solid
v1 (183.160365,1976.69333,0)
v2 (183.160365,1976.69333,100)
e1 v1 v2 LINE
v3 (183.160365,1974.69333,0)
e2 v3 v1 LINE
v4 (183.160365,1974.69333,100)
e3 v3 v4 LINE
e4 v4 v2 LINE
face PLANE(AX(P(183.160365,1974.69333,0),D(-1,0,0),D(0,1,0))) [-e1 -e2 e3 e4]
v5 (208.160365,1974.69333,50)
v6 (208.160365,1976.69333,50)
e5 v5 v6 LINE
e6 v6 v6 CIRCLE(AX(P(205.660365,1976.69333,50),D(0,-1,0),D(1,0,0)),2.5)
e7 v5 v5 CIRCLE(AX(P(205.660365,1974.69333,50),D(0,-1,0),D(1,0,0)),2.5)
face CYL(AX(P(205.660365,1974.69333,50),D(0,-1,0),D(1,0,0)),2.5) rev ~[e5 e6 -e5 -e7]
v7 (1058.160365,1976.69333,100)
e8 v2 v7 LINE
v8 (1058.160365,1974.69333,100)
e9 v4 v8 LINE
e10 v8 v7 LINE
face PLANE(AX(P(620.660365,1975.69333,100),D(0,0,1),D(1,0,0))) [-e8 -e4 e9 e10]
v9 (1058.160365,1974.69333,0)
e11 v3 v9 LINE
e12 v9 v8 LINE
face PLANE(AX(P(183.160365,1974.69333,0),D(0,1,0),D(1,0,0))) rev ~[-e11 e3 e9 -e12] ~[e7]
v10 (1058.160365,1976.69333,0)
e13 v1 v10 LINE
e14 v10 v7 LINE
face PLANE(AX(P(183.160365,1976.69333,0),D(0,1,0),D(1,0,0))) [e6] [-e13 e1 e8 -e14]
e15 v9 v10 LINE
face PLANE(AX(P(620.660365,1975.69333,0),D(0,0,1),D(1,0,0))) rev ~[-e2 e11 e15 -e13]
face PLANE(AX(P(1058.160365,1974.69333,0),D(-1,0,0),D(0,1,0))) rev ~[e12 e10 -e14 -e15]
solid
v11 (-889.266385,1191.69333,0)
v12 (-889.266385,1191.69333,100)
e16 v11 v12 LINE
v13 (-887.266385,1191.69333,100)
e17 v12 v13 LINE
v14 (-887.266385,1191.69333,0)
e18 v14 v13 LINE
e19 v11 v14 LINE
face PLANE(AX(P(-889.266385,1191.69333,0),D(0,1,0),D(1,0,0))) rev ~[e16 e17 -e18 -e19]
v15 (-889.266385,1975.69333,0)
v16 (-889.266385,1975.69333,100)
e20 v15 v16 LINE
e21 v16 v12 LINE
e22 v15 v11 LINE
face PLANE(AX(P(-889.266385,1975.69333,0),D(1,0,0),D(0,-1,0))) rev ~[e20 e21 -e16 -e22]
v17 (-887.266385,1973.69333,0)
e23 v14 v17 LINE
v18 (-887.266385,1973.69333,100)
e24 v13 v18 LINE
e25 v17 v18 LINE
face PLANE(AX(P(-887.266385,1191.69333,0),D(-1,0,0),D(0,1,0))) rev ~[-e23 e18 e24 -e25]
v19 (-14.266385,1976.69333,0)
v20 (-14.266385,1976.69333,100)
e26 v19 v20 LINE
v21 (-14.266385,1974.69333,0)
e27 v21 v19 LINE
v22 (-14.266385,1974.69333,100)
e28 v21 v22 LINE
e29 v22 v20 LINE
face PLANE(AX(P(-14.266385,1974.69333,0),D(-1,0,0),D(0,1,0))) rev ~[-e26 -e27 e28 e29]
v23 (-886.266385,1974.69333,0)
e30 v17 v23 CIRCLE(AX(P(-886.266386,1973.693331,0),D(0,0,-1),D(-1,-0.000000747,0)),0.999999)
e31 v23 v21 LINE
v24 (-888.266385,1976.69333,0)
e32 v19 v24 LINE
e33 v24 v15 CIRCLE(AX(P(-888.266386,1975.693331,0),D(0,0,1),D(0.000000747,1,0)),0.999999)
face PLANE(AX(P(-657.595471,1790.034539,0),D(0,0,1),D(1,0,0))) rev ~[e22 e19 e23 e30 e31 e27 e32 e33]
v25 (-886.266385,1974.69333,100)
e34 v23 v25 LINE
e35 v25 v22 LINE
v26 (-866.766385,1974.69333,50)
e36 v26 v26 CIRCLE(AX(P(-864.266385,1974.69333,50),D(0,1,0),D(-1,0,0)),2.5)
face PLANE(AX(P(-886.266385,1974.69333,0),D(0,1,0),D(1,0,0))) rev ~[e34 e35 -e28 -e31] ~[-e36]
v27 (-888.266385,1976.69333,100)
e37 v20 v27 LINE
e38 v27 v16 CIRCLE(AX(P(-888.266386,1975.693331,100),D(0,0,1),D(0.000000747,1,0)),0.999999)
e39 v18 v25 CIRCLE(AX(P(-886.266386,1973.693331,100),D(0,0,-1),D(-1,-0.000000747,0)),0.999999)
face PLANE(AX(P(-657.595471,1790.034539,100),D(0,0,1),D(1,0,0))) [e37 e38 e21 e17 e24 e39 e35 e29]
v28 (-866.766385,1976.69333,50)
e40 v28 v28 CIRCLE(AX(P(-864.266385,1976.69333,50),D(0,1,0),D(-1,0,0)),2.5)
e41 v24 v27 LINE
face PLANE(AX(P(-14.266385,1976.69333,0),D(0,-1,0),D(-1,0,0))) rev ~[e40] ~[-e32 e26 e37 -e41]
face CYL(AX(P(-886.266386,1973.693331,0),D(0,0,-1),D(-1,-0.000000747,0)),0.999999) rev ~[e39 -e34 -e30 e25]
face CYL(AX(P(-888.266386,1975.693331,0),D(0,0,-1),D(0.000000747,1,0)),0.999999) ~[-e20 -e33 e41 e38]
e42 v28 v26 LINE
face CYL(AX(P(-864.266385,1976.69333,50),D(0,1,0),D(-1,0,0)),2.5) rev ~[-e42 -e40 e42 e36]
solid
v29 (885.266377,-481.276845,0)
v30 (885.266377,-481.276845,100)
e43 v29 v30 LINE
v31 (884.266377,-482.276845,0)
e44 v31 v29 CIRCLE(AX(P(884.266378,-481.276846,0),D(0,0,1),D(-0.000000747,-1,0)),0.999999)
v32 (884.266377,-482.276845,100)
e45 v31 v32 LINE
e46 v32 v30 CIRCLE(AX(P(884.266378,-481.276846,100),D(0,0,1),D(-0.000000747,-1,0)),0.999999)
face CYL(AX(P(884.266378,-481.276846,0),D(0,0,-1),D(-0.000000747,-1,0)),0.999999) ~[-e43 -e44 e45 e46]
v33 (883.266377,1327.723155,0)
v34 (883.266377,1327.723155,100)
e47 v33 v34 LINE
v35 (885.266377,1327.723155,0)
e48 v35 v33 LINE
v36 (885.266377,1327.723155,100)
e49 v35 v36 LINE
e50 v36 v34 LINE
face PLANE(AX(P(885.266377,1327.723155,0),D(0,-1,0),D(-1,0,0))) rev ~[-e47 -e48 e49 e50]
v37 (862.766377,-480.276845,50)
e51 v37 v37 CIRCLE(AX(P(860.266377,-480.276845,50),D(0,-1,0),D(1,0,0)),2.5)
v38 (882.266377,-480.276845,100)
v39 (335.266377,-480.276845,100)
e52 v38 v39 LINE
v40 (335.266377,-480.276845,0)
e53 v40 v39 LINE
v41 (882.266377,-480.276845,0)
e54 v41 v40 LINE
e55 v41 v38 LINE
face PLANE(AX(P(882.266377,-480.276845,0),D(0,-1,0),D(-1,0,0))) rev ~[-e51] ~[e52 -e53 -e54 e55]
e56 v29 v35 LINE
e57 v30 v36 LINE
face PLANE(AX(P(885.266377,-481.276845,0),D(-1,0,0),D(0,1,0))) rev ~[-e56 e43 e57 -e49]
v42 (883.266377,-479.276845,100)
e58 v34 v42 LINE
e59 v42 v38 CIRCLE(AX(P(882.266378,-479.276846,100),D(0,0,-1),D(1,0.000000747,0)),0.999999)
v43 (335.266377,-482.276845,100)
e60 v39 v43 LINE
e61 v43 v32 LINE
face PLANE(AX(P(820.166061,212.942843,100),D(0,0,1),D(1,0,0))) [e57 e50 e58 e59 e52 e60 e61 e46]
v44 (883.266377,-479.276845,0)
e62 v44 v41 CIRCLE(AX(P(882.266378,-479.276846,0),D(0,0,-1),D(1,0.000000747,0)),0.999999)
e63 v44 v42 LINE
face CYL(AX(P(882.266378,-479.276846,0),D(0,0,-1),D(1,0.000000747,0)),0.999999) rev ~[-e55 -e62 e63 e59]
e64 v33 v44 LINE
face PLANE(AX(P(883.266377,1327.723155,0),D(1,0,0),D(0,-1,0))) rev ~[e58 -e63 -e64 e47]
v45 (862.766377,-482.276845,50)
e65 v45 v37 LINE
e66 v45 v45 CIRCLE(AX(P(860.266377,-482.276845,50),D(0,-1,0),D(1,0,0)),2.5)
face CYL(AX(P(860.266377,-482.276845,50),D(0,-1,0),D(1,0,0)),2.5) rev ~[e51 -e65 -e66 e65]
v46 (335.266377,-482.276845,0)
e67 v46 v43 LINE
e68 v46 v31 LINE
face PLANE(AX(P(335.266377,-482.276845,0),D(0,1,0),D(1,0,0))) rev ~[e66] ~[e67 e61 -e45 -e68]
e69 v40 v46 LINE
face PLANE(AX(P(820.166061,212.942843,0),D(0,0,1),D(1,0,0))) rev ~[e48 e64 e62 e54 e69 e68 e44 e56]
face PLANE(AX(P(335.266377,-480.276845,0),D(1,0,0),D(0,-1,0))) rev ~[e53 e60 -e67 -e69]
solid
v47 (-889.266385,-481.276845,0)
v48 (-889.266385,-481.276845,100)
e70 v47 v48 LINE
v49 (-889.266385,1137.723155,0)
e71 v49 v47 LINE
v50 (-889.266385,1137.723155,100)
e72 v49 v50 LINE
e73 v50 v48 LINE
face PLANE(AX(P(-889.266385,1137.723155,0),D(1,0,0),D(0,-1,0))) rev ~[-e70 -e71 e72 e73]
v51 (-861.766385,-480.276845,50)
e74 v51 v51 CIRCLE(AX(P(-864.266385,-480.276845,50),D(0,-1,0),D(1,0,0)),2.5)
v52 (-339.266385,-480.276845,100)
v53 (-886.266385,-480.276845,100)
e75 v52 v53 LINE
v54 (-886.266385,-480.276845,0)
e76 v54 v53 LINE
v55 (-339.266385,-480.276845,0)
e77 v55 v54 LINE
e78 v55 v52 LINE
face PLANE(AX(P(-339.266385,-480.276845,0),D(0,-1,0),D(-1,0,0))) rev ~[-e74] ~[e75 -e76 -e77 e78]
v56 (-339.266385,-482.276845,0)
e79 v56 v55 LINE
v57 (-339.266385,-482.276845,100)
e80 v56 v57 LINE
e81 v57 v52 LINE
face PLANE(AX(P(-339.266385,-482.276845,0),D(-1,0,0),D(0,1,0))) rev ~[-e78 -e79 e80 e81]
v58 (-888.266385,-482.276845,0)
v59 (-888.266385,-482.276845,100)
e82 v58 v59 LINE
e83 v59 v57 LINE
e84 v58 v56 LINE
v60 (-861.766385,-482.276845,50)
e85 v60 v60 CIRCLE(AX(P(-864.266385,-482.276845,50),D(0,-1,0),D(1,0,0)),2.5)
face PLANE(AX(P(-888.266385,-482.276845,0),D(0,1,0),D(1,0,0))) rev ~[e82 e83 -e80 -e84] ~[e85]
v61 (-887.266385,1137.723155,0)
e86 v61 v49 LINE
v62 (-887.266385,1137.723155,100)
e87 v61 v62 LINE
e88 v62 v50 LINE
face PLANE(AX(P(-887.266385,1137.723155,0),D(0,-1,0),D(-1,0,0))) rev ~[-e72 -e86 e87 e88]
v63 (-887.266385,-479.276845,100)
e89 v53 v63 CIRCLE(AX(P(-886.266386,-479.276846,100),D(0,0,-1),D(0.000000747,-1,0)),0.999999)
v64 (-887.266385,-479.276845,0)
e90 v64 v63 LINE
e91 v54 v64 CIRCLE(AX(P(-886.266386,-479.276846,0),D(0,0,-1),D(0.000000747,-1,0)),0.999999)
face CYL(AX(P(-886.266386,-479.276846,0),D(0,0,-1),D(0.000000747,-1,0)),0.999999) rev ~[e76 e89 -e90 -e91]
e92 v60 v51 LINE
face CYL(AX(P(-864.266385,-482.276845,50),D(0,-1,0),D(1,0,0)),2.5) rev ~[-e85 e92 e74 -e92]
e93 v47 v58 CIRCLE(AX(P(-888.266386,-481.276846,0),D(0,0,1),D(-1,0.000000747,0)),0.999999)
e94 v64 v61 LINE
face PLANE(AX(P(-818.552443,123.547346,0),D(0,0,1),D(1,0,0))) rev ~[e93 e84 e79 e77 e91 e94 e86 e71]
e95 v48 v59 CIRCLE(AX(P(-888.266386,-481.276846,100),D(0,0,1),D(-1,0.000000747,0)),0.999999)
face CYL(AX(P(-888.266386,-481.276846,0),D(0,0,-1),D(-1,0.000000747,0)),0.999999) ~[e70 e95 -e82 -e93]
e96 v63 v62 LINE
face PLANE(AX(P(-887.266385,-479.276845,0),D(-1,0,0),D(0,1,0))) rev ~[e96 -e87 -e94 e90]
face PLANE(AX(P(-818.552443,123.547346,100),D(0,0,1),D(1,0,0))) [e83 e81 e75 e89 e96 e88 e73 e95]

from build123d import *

# Parameters (mm, degrees)
F0_W     = 875
F0_H     = 2
F1_DEPTH = 100
F2_R     = 2.5
F3_DEPTH = 25
F4_R     = 2.5
F5_DEPTH = 25
F6_R     = 2.5
F7_DEPTH = 25
F8_R     = 2.5
F9_DEPTH = 25


with BuildPart() as f1:
    # F0 (on Top) → F1 (new body)
    with BuildSketch(Plane.XY):
        with BuildLine():
            Line((-339.266385, -482.276845), (-339.266385, -480.276845))
            Line((-339.266385, -480.276845), (-886.266385, -480.276845))
            ThreePointArc((-886.266385, -480.276845), (-886.973492, -479.983952), (-887.266385, -479.276845))
            Line((-887.266385, -479.276845), (-887.266385, 1137.723155))
            Line((-887.266385, 1137.723155), (-889.266385, 1137.723155))
            Line((-889.266385, 1137.723155), (-889.266385, -481.276845))
            ThreePointArc((-889.266385, -481.276845), (-888.973492, -481.983952), (-888.266385, -482.276845))
            Line((-888.266385, -482.276845), (-339.266385, -482.276845))
        make_face()
        with BuildLine():
            Line((882.266377, -480.276845), (335.266377, -480.276845))
            Line((335.266377, -480.276845), (335.266377, -482.276845))
            Line((335.266377, -482.276845), (884.266377, -482.276845))
            ThreePointArc((884.266377, -482.276845), (884.973484, -481.983952), (885.266377, -481.276845))
            Line((885.266377, -481.276845), (885.266377, 1327.723155))
            Line((885.266377, 1327.723155), (883.266377, 1327.723155))
            Line((883.266377, 1327.723155), (883.266377, -479.276845))
            ThreePointArc((883.266377, -479.276845), (882.973484, -479.983952), (882.266377, -480.276845))
        make_face()
        with BuildLine():
            Line((-889.266385, 1975.69333), (-889.266385, 1191.69333))
            Line((-889.266385, 1191.69333), (-887.266385, 1191.69333))
            Line((-887.266385, 1191.69333), (-887.266385, 1973.69333))
            ThreePointArc((-887.266385, 1973.69333), (-886.973492, 1974.400437), (-886.266385, 1974.69333))
            Line((-886.266385, 1974.69333), (-14.266385, 1974.69333))
            Line((-14.266385, 1974.69333), (-14.266385, 1976.69333))
            Line((-14.266385, 1976.69333), (-888.266385, 1976.69333))
            ThreePointArc((-888.266385, 1976.69333), (-888.973492, 1976.400437), (-889.266385, 1975.69333))
        make_face()
        with Locations((620.660365, 1975.69333)):
            Rectangle(F0_W, F0_H)
    extrude(amount=F1_DEPTH)

    # F2 (on face) → F3 (cut)
    with BuildSketch(Plane(origin=(0, 1976.69333, 0), x_dir=(-1, 0, 0), z_dir=(0, 1, 0))):
        with Locations((864.266385, 50)):
            Circle(F2_R)
    extrude(amount=-F3_DEPTH, mode=Mode.SUBTRACT)

    # F4 (on face) → F5 (cut)
    with BuildSketch(Plane.XZ.offset(482.276845)):
        with Locations((-864.266385, 50)):
            Circle(F4_R)
    extrude(amount=-F5_DEPTH, mode=Mode.SUBTRACT)

    # F6 (on face) → F7 (cut)
    with BuildSketch(Plane.XZ.offset(482.276845)):
        with Locations((860.266377, 50)):
            Circle(F6_R)
    extrude(amount=-F7_DEPTH, mode=Mode.SUBTRACT)

    # F8 (on face) → F9 (cut)
    with BuildSketch(Plane.XZ.offset(-1974.69333)):
        with Locations((205.660365, 50)):
            Circle(F8_R)
    extrude(amount=-F9_DEPTH, mode=Mode.SUBTRACT)


solid = f1.part
